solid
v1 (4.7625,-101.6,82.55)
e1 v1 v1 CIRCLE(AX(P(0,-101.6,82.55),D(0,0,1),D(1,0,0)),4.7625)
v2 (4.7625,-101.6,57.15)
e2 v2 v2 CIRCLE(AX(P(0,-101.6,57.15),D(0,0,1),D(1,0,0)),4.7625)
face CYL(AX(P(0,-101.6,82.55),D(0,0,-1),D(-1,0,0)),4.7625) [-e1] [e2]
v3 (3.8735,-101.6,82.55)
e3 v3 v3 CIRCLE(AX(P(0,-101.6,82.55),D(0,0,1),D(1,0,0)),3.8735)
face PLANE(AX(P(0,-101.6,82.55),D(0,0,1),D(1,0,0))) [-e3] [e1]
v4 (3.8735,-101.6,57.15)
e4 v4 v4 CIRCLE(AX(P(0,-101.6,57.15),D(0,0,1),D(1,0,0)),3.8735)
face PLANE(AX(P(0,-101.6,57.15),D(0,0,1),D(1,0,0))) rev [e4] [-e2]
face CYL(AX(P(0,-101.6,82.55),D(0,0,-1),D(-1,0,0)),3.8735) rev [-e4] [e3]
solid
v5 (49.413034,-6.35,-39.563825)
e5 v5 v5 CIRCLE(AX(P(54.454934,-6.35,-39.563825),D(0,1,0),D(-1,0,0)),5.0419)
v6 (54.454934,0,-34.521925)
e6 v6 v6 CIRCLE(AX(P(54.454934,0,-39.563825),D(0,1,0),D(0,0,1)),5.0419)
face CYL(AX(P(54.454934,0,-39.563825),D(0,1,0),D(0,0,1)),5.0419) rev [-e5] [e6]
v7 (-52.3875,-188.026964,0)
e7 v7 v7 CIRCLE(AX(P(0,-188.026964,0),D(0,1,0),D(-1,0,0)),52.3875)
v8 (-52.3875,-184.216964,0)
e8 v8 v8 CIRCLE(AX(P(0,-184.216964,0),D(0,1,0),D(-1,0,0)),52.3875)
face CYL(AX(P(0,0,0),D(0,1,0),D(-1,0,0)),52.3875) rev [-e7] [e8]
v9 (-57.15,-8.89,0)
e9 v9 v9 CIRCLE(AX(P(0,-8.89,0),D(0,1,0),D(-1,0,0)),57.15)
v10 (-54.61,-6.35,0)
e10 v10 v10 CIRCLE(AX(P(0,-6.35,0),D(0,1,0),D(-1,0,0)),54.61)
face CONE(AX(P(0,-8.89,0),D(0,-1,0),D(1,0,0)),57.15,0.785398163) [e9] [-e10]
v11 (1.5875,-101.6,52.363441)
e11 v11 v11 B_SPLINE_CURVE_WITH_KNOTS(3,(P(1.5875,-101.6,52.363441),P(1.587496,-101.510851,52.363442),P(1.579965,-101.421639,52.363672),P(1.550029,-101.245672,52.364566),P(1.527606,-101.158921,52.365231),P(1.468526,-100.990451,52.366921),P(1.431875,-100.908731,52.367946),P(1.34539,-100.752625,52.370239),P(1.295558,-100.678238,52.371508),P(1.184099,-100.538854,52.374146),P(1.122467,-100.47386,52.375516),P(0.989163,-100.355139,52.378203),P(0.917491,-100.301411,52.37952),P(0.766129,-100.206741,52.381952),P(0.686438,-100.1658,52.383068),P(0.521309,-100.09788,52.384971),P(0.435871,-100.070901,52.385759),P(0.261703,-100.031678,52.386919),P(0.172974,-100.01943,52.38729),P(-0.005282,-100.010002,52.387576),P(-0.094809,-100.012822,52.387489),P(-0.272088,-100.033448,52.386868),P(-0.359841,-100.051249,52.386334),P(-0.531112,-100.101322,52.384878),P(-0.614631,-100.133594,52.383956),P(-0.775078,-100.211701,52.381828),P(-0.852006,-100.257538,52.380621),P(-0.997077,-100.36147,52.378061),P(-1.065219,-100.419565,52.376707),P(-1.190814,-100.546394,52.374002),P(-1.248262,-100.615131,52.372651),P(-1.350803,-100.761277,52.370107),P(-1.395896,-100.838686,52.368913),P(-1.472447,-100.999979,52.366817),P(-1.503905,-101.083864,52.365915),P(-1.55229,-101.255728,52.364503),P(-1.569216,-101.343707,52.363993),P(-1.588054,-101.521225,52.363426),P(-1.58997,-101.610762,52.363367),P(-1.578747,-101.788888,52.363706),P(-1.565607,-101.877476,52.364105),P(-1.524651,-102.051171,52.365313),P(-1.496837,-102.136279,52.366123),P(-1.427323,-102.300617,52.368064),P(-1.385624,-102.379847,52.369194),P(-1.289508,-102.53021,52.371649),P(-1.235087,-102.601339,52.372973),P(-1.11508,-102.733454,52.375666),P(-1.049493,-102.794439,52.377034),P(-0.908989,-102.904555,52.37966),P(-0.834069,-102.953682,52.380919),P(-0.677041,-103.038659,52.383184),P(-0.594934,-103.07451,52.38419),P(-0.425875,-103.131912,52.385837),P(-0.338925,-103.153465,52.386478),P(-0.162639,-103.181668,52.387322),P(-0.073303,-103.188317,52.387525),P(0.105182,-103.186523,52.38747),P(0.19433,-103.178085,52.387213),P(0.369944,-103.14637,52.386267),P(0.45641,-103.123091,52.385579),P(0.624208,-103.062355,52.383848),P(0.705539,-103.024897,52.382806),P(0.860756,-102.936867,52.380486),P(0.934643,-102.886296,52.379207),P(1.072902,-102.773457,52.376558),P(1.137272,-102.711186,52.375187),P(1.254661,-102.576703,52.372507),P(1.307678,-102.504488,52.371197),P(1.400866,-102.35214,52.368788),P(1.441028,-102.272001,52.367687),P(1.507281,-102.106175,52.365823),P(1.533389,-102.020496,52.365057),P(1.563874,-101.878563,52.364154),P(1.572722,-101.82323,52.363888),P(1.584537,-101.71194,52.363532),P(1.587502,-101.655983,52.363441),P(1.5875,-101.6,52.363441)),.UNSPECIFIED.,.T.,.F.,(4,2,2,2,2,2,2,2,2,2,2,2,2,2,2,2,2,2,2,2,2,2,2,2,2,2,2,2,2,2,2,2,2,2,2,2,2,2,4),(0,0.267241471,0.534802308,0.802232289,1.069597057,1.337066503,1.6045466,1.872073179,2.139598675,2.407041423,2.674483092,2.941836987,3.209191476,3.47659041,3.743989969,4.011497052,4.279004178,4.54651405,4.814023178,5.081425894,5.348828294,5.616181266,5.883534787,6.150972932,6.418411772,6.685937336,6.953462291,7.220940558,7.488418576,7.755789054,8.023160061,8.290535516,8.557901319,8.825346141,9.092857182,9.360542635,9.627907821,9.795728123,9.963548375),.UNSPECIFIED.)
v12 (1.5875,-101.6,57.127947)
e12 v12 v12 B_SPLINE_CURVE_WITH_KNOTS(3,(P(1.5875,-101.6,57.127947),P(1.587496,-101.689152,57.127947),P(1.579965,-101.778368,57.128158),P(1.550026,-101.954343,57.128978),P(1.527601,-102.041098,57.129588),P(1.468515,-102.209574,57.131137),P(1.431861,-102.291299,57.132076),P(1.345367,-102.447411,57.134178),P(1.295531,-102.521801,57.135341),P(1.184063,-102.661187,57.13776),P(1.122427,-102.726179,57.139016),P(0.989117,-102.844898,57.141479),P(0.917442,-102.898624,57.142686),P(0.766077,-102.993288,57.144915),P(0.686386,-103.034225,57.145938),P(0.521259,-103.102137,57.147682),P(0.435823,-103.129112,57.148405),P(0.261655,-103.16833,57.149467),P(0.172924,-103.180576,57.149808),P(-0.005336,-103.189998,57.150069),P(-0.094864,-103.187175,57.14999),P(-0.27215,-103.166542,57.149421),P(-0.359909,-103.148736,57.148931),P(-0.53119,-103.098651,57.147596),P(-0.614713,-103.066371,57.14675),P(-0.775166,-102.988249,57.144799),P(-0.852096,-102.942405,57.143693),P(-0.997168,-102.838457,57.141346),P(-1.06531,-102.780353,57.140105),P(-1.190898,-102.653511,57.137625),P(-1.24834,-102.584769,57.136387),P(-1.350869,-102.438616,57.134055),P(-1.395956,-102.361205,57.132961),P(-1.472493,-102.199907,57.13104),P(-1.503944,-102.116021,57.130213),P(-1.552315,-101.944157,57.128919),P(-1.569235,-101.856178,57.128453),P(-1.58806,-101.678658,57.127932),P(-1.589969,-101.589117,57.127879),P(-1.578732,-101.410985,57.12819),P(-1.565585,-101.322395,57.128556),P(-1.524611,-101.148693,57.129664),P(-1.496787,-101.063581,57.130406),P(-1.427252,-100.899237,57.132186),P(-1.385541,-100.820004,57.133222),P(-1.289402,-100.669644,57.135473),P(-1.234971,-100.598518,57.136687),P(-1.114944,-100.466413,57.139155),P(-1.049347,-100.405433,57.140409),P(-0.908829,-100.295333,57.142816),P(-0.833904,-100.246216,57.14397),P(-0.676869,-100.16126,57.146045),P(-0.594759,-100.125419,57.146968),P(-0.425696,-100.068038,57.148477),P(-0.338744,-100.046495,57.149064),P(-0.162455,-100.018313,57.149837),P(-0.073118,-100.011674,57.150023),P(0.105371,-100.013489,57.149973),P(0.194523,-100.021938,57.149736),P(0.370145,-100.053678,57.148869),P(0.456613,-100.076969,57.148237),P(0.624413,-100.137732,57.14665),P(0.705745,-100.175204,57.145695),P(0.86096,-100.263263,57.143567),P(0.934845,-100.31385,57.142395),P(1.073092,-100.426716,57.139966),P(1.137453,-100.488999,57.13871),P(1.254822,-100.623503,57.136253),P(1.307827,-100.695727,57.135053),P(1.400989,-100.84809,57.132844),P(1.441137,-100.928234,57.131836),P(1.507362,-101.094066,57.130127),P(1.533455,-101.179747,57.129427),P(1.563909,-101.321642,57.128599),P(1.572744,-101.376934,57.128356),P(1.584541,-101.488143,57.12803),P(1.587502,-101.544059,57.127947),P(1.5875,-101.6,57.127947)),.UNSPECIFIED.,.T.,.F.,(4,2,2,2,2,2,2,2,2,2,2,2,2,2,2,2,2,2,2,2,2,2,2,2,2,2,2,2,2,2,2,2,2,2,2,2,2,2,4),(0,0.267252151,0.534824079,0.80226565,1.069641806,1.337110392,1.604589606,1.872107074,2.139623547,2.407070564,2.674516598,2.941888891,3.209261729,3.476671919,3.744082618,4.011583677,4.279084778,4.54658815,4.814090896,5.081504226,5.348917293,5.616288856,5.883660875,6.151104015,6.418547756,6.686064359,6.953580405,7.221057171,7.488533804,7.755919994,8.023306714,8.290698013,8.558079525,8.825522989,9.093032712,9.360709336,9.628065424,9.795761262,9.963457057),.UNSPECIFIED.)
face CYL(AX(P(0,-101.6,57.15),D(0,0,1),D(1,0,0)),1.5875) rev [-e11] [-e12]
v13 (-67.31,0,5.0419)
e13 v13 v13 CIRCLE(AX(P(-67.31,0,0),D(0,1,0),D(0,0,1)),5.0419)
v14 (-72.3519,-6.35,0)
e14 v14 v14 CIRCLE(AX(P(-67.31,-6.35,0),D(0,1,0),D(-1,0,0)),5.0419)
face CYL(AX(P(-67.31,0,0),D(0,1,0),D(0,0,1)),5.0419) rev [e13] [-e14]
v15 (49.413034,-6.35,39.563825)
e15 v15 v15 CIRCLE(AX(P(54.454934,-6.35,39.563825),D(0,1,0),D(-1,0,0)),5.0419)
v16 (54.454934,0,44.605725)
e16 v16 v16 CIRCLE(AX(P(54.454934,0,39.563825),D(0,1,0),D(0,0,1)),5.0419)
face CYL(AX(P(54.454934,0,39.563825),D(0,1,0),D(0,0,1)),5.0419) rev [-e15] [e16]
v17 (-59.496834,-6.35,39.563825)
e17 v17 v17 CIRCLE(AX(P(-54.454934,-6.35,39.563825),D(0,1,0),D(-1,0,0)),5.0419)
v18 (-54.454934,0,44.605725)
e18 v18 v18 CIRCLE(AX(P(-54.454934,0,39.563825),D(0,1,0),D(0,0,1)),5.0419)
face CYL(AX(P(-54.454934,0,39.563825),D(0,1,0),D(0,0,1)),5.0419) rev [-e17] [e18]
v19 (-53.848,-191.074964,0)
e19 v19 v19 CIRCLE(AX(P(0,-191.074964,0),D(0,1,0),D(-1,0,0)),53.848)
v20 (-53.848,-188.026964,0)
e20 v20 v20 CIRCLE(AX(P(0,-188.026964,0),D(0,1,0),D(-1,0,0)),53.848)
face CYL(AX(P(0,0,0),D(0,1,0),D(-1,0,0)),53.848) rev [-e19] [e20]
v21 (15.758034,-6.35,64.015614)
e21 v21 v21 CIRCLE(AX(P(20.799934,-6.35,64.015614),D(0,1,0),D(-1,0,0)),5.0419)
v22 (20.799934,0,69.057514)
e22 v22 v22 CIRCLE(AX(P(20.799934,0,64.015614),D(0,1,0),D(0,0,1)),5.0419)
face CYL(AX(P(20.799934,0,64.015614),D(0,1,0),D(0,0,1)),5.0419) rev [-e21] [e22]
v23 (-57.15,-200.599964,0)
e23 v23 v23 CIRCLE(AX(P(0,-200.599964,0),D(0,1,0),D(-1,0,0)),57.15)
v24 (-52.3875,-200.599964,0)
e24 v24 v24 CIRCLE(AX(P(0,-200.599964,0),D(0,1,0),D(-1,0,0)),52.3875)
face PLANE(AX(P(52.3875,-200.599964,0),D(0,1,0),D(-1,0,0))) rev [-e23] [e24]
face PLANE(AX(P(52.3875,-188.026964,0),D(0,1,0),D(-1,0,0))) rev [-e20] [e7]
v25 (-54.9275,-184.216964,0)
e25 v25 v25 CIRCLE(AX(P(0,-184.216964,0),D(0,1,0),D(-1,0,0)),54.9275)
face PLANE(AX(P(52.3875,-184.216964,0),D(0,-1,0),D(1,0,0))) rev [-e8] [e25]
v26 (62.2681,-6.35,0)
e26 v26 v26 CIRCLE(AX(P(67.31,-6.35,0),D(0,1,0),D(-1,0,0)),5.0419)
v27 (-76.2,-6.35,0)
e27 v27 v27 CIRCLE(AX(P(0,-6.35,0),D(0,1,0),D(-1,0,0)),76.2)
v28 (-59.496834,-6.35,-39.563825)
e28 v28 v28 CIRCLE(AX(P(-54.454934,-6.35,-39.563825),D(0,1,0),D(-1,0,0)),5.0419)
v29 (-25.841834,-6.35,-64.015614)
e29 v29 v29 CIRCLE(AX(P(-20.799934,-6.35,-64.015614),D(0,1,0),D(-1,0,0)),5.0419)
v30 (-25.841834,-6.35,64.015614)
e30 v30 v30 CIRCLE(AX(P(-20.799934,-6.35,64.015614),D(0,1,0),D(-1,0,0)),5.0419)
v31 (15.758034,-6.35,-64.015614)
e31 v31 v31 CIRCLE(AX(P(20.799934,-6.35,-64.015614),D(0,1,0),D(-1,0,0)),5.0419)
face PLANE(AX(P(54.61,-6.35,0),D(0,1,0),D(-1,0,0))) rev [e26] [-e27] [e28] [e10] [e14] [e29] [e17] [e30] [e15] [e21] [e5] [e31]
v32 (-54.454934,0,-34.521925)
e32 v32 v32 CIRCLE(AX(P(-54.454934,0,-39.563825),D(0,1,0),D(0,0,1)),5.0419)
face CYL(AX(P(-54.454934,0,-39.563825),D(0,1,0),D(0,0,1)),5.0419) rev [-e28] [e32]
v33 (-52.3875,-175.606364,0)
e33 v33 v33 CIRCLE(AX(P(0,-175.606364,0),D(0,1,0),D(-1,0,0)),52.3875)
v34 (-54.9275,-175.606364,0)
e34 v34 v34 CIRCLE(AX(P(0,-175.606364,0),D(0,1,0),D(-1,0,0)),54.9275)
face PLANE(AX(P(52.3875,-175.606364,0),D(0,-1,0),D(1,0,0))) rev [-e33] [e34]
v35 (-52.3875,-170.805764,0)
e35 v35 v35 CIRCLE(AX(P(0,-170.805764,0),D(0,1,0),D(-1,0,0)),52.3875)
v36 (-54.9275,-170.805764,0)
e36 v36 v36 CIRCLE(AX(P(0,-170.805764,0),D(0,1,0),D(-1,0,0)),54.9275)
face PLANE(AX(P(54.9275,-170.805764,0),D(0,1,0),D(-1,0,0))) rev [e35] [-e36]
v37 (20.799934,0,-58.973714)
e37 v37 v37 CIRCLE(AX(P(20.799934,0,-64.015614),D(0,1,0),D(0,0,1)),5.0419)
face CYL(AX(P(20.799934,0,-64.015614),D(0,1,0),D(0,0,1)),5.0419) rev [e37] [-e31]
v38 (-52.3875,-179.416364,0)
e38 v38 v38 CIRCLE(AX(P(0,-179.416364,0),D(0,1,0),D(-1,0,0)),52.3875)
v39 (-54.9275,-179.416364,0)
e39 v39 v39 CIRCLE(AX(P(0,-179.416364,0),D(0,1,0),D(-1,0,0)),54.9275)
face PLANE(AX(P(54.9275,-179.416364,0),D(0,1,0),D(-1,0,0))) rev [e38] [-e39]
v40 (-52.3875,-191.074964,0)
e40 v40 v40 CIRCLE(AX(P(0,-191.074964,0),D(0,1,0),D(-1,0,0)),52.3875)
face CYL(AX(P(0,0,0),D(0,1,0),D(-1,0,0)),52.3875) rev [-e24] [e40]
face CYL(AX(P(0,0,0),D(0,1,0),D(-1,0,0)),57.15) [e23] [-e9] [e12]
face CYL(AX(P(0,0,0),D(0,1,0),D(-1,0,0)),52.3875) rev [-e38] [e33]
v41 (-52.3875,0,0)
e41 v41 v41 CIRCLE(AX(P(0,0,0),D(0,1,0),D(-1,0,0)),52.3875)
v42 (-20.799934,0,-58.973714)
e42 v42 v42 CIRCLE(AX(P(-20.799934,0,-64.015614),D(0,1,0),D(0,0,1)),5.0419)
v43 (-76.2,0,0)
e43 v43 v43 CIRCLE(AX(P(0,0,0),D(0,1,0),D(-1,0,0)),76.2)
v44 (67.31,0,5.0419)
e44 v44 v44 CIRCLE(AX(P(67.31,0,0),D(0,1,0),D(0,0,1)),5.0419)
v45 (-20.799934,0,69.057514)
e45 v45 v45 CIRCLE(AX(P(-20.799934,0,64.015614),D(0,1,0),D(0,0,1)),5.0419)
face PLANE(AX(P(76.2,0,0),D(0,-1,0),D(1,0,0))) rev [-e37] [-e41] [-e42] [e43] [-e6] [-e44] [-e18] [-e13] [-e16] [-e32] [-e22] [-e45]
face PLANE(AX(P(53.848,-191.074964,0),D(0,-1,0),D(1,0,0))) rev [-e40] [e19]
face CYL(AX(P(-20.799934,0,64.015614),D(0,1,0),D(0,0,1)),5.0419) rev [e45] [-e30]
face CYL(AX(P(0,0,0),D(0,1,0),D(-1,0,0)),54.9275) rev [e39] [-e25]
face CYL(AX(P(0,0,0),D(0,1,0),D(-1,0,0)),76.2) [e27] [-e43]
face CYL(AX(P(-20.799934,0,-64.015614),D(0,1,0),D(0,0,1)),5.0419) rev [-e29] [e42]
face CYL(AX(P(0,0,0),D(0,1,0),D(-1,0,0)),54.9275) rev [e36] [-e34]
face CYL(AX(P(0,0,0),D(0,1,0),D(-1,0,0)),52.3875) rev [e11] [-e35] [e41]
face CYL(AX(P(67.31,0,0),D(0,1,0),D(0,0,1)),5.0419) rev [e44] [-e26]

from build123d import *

# Parameters (mm, degrees)
TAP_DRILL_FOR_3_8_16_TAP1_D = 10.0838
CIRPATTERN1_COUNT           = 10
SKETCH4_R                   = 4.7625
SKETCH4_R_2                 = 3.8735
BOSS_EXTRUDE1_DEPTH         = 25.4


with BuildPart() as part:
    # Sketch1 → Revolve1 (revolve)
    with BuildSketch(Plane.XY, mode=Mode.PRIVATE) as revolve1_sk:
        Polygon((52.3875, 0), (52.3875, -170.805763516), (54.9275, -170.805763516), (54.9275, -175.606363516), (52.3875, -175.606363516), (52.3875, -179.416363516), (54.9275, -179.416363516), (54.9275, -184.216963516), (52.3875, -184.216963516), (52.3875, -188.026963516), (53.848, -188.026963516), (53.848, -191.074963516), (52.3875, -191.074963516), (52.3875, -200.599963516), (57.15, -200.599963516), (57.15, -8.89), (54.61, -6.35), (76.2, -6.35), (76.2, 0), align=None)
    revolve(revolve1_sk.sketch.rotate(Axis((0, 0, 0), (0, -1, 0)), 180), axis=Axis((0, 0, 0), (0, -1, 0)))

    # Tap Drill for 3/8-16 Tap1 (through all)
    with Locations(Plane(origin=(0, 0, 0), x_dir=(1, 0, 0), z_dir=(0, 1, 0))):
        with Locations((67.31, 0)):
            tap_drill_for_3_8_16_tap1 = Hole(TAP_DRILL_FOR_3_8_16_TAP1_D / 2)

    # CirPattern1: Tap Drill for 3/8-16 Tap1 ×10 about axis
    cirpattern1_axis = Axis((0, 0, 0), (0, 1, 0))
    for i in range(1, CIRPATTERN1_COUNT):
        add(tap_drill_for_3_8_16_tap1.rotate(cirpattern1_axis, i * 360 / CIRPATTERN1_COUNT), mode=Mode.SUBTRACT)

    # Sketch11 → 1/8 (0.125) Diameter Hole3 (revolve, cut)
    with BuildSketch(Plane(origin=(0, -101.6, 57.15), x_dir=(0, -1, 0), z_dir=(1, 0, 0))):
        Polygon((0, 0), (0, 26.353866233), (1.5875, 25.4), (1.5875, 0), align=None)
    revolve(axis=Axis((0, -101.6, 63.5), (0, 0, -1)), mode=Mode.SUBTRACT)


with BuildPart() as body_2:
    # Sketch4 → Boss-Extrude1 (new body)
    with BuildSketch(Plane.XY.offset(57.15)):
        with Locations((0, -101.6)):
            Circle(SKETCH4_R)
        with Locations((0, -101.6)):
            Circle(SKETCH4_R_2, mode=Mode.SUBTRACT)
    extrude(amount=BOSS_EXTRUDE1_DEPTH)


solid = Compound([part.part, body_2.part])
